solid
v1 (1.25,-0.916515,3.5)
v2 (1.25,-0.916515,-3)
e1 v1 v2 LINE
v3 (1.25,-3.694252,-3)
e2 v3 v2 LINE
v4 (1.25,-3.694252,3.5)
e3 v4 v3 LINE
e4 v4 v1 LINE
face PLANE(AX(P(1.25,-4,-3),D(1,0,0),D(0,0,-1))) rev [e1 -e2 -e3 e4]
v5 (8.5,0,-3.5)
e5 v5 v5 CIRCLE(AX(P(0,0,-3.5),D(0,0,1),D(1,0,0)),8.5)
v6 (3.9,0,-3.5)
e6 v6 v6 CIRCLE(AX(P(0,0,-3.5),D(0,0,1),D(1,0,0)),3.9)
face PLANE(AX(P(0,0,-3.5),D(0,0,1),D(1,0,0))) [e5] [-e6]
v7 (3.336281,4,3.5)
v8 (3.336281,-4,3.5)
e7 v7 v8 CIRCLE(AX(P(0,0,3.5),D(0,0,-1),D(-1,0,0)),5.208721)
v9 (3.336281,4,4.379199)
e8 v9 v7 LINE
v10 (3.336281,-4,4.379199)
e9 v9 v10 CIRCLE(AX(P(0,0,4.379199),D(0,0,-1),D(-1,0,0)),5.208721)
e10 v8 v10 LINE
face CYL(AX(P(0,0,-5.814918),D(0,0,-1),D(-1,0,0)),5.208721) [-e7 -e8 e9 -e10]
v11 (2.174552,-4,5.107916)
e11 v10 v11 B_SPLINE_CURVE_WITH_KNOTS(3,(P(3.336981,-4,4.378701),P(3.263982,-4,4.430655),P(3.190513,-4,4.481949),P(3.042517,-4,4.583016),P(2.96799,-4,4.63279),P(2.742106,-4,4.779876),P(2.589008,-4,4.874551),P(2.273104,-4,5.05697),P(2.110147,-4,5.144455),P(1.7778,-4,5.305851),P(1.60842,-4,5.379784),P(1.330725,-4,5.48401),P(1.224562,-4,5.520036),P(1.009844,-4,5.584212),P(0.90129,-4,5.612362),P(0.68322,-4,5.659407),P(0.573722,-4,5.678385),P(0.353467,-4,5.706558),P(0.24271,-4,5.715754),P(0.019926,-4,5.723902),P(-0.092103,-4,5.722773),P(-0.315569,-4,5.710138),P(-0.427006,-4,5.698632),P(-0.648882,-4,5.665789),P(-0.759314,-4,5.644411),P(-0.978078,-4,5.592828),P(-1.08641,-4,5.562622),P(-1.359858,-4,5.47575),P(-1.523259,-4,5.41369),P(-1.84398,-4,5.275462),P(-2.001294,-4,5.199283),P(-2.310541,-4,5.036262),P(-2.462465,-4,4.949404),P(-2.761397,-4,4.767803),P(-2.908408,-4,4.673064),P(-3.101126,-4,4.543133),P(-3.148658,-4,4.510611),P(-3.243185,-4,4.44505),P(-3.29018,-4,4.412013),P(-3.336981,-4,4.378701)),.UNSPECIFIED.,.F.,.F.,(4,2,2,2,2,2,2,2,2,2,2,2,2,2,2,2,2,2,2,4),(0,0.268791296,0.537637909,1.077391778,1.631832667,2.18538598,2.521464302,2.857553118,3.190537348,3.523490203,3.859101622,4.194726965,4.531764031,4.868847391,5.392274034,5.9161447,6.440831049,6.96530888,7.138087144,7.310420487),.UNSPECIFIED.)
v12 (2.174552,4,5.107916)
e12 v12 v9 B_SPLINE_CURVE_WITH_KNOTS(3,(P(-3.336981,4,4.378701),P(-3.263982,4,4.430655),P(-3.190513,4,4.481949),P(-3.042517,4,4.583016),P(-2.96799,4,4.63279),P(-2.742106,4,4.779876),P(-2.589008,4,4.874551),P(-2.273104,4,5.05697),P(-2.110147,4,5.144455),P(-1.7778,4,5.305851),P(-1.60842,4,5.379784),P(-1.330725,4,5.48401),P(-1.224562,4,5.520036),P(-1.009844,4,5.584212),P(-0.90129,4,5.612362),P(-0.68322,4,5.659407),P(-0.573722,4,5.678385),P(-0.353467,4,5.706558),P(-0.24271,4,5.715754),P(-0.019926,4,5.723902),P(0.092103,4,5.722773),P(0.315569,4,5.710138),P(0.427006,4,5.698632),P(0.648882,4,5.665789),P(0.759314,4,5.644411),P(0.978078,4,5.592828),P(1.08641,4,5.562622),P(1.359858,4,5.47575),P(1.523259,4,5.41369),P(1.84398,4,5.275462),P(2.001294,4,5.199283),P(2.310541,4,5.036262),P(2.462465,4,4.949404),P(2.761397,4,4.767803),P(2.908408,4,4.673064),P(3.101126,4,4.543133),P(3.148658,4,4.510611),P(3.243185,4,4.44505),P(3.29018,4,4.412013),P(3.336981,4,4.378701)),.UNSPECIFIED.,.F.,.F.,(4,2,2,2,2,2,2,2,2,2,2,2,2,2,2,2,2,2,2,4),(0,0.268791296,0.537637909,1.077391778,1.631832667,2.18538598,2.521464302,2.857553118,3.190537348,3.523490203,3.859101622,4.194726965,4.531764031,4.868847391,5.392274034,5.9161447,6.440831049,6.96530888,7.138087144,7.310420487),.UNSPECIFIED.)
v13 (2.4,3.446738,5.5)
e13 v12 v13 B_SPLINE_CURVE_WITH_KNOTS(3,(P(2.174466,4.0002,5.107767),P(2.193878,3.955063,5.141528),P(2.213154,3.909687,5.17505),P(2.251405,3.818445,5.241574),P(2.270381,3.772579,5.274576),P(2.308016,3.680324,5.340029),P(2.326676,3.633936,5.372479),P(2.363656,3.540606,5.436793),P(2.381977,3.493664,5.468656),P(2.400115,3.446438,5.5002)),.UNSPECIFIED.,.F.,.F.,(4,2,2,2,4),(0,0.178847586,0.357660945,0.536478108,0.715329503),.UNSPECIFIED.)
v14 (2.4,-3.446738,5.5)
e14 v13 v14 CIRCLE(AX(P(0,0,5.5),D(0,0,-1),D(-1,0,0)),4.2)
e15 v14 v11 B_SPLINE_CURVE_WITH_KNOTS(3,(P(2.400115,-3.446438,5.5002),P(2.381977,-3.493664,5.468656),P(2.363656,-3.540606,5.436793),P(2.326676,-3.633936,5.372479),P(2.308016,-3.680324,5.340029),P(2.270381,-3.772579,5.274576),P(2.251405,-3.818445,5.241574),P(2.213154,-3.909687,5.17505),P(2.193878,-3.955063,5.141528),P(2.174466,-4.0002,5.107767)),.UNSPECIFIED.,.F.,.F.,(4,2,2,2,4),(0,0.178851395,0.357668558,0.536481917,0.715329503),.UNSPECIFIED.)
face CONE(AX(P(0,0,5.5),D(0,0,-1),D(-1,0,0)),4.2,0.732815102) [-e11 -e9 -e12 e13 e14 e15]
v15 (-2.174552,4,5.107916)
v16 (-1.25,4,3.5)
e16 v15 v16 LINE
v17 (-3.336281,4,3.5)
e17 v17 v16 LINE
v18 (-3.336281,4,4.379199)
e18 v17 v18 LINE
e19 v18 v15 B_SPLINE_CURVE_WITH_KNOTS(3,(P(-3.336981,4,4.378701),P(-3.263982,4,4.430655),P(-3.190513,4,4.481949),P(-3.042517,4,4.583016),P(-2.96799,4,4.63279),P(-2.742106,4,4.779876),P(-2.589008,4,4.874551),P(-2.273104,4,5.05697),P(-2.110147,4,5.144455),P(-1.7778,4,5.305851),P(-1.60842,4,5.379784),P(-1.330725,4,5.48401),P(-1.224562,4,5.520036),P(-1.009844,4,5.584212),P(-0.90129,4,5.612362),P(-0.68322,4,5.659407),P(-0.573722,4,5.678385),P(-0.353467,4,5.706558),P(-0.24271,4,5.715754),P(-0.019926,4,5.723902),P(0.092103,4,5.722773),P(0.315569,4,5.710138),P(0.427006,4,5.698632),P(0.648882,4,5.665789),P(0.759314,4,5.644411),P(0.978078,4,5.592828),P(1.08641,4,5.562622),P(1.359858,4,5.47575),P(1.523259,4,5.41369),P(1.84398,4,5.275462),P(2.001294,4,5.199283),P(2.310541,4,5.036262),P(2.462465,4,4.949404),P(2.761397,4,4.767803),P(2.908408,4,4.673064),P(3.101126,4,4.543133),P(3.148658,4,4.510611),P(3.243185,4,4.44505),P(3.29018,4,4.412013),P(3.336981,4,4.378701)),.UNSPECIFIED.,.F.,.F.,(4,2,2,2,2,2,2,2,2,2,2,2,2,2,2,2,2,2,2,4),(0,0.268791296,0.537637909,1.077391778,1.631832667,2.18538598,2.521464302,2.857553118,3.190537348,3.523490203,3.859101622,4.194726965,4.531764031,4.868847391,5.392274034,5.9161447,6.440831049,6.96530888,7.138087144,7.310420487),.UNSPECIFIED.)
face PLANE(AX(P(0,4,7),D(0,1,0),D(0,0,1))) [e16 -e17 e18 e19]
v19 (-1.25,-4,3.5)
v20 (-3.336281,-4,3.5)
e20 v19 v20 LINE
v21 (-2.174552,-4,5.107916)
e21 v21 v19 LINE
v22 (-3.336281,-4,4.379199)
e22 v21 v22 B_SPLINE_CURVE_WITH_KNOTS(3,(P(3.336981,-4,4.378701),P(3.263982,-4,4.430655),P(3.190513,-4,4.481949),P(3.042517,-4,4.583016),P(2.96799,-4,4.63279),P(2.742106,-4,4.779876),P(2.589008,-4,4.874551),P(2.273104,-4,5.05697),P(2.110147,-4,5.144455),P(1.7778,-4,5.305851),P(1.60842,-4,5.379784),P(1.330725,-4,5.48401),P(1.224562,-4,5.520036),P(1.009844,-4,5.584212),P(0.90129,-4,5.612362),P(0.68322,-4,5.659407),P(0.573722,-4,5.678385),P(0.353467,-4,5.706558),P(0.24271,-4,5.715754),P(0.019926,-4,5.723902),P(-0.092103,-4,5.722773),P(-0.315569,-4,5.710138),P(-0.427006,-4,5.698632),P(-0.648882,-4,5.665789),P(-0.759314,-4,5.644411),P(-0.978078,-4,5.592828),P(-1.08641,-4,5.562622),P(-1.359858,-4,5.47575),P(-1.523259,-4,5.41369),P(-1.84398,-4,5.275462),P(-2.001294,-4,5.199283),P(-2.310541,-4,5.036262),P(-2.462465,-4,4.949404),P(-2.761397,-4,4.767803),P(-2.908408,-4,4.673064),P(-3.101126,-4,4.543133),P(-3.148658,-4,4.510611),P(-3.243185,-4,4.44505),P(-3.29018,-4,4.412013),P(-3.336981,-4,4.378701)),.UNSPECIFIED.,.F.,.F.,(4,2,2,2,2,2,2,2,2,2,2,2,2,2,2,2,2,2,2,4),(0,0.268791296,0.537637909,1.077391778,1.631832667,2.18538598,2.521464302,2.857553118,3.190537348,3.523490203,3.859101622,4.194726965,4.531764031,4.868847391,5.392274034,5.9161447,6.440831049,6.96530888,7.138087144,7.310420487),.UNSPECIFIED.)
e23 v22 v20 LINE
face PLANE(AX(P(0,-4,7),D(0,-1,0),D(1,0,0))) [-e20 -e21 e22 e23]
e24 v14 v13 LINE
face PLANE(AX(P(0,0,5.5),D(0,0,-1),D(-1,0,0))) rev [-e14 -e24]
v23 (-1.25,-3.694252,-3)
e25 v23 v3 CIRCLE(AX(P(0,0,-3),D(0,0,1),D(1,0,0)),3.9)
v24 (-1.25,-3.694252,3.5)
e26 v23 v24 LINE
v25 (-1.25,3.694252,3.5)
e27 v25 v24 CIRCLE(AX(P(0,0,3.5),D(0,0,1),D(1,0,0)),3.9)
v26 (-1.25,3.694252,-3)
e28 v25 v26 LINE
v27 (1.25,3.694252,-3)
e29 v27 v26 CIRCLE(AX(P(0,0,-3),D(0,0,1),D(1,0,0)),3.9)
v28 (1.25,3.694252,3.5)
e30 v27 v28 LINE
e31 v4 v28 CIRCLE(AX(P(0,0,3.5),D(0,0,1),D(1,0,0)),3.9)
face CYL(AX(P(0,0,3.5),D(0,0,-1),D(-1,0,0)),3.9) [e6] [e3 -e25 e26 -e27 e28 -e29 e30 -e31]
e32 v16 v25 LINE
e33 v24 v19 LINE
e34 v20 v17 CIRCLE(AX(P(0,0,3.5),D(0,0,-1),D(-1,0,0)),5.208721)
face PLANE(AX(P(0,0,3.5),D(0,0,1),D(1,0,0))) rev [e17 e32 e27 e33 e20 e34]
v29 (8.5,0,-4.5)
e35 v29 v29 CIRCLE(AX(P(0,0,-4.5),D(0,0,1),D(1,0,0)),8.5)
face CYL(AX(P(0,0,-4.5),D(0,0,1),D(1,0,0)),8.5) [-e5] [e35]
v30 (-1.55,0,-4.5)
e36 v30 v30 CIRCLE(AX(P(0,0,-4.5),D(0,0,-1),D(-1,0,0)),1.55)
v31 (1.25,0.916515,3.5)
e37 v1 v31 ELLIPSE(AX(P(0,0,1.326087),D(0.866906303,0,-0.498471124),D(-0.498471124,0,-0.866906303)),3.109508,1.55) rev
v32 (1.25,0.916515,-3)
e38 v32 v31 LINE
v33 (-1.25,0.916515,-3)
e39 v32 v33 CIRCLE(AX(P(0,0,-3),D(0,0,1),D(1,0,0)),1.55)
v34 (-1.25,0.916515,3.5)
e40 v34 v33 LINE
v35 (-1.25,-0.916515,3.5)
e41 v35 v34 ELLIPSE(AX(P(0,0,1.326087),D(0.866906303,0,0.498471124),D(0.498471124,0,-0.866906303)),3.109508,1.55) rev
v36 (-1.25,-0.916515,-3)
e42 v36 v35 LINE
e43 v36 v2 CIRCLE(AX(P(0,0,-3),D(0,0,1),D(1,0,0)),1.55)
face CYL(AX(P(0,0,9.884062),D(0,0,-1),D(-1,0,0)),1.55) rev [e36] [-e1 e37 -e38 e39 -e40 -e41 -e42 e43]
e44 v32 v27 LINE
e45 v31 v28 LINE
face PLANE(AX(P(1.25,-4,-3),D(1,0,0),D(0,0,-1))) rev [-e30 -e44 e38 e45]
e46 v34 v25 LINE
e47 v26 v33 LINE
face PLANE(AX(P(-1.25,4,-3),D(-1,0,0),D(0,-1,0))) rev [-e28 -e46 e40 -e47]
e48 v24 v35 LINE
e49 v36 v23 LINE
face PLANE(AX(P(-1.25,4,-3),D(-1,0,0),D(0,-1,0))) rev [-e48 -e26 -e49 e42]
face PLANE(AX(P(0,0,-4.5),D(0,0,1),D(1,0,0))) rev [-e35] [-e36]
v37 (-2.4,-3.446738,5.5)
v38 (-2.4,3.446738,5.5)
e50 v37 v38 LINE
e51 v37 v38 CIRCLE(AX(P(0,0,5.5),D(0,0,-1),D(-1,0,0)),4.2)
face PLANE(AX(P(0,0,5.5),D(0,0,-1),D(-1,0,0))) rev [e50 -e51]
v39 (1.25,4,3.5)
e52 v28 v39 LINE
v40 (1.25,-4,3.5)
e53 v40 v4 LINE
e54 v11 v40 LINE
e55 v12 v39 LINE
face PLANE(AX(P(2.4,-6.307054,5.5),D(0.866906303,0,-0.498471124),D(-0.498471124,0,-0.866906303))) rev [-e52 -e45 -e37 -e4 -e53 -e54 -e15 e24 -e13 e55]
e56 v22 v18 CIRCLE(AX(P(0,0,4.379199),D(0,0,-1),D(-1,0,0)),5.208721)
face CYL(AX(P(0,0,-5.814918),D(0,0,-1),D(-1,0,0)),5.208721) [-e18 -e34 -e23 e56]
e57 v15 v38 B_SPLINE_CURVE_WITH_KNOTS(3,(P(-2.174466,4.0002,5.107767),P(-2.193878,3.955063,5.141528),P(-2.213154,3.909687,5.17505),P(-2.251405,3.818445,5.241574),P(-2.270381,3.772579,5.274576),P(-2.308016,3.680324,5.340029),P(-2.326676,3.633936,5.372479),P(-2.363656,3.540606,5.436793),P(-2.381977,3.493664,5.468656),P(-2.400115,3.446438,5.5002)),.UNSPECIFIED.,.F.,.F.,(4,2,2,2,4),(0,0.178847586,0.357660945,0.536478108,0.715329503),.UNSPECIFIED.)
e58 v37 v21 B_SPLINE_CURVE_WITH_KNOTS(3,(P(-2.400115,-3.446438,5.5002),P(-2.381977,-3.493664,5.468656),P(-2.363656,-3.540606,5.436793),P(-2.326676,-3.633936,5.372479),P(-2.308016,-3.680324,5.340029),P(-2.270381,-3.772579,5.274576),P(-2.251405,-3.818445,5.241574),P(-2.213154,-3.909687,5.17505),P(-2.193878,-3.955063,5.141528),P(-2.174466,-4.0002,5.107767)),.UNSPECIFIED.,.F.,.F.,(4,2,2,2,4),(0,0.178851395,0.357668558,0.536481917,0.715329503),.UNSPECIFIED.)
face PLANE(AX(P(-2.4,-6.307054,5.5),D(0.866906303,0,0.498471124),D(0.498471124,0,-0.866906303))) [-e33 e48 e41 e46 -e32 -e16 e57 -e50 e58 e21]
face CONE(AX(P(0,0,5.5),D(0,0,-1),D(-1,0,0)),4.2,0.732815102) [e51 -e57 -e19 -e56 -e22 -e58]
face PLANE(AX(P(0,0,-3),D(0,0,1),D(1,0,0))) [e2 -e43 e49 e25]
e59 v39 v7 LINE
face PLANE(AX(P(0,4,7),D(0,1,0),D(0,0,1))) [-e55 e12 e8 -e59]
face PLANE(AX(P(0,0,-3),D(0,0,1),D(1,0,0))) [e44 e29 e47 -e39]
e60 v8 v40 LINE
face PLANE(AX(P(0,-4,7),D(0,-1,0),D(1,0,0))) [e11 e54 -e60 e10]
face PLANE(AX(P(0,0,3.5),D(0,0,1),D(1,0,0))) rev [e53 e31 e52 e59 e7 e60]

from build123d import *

# Parameters (mm, degrees)
SKETCH1_R                = 8.5
BOSS_EXTRUDE1_DEPTH      = 6
BOSS_EXTRUDE1_DEPTH_BACK = 4.5
SKETCH2_R                = 8.5
SKETCH2_R_2              = 3.9
CUT_EXTRUDE1_DEPTH       = 3.5
CUT_EXTRUDE1_DEPTH_BACK  = 3.5
SKETCH3_R                = 8.5
SKETCH3_R_2              = 6
CUT_EXTRUDE2_DEPTH       = 3.5
CUT_EXTRUDE4_DEPTH       = 3.5
CUT_EXTRUDE5_DEPTH       = 8.5
SKETCH10_R               = 1.55
CUT_EXTRUDE6_DEPTH       = 10
CUT_EXTRUDE7_DEPTH       = 8


with BuildPart() as part:
    # Sketch1 → Boss-Extrude1 (new body, two sides)
    with BuildSketch(Plane.XY) as boss_extrude1_sk:
        Circle(SKETCH1_R)
    extrude(amount=BOSS_EXTRUDE1_DEPTH)
    extrude(boss_extrude1_sk.sketch, amount=-BOSS_EXTRUDE1_DEPTH_BACK)

    # Sketch2 → Cut-Extrude1 (cut, two sides)
    with BuildSketch(Plane.XY) as cut_extrude1_sk:
        Circle(SKETCH2_R)
        Circle(SKETCH2_R_2, mode=Mode.SUBTRACT)
    extrude(amount=CUT_EXTRUDE1_DEPTH, mode=Mode.SUBTRACT)
    extrude(cut_extrude1_sk.sketch, amount=-CUT_EXTRUDE1_DEPTH_BACK, mode=Mode.SUBTRACT)

    # Sketch3 → Cut-Extrude2 (cut)
    with BuildSketch(Plane(origin=(0, 0, 3.5), x_dir=(-1, 0, 0), z_dir=(0, 0, -1))):
        Circle(SKETCH3_R)
        Circle(SKETCH3_R_2, mode=Mode.SUBTRACT)
    extrude(amount=-CUT_EXTRUDE2_DEPTH, mode=Mode.SUBTRACT)

    # Sketch6 → Cut-Revolve1 (revolve, cut)
    with BuildSketch(Plane(origin=(0, 0, 0), x_dir=(0, 0, -1), z_dir=(1, 0, 0))):
        Polygon((-5.5, 0), (-5.5, 4.2), (-4.379199334, 5.208720599), (-3.5, 5.208720599), (-3.5, 6), (-6, 6), (-6, 0), align=None)
    revolve(axis=Axis((0, 0, -5.814918194), (0, 0, 1)), mode=Mode.SUBTRACT)

    # Sketch8 → Cut-Extrude4 (cut)
    with BuildSketch(Plane(origin=(0, 0, 3.5), x_dir=(-1, 0, 0), z_dir=(0, 0, -1))):
        Polygon((-10, 4), (0, 4), (10, 4), (10, 8.647445608), (-10, 8.647445608), align=None)
        Polygon((10, -4), (0, -4), (-10, -4), (-10, -8.418803799), (10, -8.418803799), align=None)
    extrude(amount=-CUT_EXTRUDE4_DEPTH, mode=Mode.SUBTRACT)

    # Sketch9 → Cut-Extrude5 (cut)
    with BuildSketch(Plane.XY.offset(5.5)):
        Polygon((0, 4), (-1.25, 4), (-1.25, -4), (1.25, -4), (1.25, 4), align=None)
    extrude(amount=-CUT_EXTRUDE5_DEPTH, mode=Mode.SUBTRACT)

    # Sketch10 → Cut-Extrude6 (cut)
    with BuildSketch(Plane(origin=(0, 0, -4.5), x_dir=(-1, 0, 0), z_dir=(0, 0, -1))):
        Circle(SKETCH10_R)
    extrude(amount=-CUT_EXTRUDE6_DEPTH, mode=Mode.SUBTRACT)

    # Sketch12 → Cut-Extrude7 (cut)
    with BuildSketch(Plane(origin=(0, 4, 0), x_dir=(1, 0, 0), z_dir=(0, 1, 0))):
        Polygon((-1.25, -3.5), (-1.25, -5.5), (-2.4, -5.5), align=None)
        Polygon((1.25, -5.5), (2.4, -5.5), (1.25, -3.5), align=None)
    extrude(amount=-CUT_EXTRUDE7_DEPTH, mode=Mode.SUBTRACT)


solid = part.part
